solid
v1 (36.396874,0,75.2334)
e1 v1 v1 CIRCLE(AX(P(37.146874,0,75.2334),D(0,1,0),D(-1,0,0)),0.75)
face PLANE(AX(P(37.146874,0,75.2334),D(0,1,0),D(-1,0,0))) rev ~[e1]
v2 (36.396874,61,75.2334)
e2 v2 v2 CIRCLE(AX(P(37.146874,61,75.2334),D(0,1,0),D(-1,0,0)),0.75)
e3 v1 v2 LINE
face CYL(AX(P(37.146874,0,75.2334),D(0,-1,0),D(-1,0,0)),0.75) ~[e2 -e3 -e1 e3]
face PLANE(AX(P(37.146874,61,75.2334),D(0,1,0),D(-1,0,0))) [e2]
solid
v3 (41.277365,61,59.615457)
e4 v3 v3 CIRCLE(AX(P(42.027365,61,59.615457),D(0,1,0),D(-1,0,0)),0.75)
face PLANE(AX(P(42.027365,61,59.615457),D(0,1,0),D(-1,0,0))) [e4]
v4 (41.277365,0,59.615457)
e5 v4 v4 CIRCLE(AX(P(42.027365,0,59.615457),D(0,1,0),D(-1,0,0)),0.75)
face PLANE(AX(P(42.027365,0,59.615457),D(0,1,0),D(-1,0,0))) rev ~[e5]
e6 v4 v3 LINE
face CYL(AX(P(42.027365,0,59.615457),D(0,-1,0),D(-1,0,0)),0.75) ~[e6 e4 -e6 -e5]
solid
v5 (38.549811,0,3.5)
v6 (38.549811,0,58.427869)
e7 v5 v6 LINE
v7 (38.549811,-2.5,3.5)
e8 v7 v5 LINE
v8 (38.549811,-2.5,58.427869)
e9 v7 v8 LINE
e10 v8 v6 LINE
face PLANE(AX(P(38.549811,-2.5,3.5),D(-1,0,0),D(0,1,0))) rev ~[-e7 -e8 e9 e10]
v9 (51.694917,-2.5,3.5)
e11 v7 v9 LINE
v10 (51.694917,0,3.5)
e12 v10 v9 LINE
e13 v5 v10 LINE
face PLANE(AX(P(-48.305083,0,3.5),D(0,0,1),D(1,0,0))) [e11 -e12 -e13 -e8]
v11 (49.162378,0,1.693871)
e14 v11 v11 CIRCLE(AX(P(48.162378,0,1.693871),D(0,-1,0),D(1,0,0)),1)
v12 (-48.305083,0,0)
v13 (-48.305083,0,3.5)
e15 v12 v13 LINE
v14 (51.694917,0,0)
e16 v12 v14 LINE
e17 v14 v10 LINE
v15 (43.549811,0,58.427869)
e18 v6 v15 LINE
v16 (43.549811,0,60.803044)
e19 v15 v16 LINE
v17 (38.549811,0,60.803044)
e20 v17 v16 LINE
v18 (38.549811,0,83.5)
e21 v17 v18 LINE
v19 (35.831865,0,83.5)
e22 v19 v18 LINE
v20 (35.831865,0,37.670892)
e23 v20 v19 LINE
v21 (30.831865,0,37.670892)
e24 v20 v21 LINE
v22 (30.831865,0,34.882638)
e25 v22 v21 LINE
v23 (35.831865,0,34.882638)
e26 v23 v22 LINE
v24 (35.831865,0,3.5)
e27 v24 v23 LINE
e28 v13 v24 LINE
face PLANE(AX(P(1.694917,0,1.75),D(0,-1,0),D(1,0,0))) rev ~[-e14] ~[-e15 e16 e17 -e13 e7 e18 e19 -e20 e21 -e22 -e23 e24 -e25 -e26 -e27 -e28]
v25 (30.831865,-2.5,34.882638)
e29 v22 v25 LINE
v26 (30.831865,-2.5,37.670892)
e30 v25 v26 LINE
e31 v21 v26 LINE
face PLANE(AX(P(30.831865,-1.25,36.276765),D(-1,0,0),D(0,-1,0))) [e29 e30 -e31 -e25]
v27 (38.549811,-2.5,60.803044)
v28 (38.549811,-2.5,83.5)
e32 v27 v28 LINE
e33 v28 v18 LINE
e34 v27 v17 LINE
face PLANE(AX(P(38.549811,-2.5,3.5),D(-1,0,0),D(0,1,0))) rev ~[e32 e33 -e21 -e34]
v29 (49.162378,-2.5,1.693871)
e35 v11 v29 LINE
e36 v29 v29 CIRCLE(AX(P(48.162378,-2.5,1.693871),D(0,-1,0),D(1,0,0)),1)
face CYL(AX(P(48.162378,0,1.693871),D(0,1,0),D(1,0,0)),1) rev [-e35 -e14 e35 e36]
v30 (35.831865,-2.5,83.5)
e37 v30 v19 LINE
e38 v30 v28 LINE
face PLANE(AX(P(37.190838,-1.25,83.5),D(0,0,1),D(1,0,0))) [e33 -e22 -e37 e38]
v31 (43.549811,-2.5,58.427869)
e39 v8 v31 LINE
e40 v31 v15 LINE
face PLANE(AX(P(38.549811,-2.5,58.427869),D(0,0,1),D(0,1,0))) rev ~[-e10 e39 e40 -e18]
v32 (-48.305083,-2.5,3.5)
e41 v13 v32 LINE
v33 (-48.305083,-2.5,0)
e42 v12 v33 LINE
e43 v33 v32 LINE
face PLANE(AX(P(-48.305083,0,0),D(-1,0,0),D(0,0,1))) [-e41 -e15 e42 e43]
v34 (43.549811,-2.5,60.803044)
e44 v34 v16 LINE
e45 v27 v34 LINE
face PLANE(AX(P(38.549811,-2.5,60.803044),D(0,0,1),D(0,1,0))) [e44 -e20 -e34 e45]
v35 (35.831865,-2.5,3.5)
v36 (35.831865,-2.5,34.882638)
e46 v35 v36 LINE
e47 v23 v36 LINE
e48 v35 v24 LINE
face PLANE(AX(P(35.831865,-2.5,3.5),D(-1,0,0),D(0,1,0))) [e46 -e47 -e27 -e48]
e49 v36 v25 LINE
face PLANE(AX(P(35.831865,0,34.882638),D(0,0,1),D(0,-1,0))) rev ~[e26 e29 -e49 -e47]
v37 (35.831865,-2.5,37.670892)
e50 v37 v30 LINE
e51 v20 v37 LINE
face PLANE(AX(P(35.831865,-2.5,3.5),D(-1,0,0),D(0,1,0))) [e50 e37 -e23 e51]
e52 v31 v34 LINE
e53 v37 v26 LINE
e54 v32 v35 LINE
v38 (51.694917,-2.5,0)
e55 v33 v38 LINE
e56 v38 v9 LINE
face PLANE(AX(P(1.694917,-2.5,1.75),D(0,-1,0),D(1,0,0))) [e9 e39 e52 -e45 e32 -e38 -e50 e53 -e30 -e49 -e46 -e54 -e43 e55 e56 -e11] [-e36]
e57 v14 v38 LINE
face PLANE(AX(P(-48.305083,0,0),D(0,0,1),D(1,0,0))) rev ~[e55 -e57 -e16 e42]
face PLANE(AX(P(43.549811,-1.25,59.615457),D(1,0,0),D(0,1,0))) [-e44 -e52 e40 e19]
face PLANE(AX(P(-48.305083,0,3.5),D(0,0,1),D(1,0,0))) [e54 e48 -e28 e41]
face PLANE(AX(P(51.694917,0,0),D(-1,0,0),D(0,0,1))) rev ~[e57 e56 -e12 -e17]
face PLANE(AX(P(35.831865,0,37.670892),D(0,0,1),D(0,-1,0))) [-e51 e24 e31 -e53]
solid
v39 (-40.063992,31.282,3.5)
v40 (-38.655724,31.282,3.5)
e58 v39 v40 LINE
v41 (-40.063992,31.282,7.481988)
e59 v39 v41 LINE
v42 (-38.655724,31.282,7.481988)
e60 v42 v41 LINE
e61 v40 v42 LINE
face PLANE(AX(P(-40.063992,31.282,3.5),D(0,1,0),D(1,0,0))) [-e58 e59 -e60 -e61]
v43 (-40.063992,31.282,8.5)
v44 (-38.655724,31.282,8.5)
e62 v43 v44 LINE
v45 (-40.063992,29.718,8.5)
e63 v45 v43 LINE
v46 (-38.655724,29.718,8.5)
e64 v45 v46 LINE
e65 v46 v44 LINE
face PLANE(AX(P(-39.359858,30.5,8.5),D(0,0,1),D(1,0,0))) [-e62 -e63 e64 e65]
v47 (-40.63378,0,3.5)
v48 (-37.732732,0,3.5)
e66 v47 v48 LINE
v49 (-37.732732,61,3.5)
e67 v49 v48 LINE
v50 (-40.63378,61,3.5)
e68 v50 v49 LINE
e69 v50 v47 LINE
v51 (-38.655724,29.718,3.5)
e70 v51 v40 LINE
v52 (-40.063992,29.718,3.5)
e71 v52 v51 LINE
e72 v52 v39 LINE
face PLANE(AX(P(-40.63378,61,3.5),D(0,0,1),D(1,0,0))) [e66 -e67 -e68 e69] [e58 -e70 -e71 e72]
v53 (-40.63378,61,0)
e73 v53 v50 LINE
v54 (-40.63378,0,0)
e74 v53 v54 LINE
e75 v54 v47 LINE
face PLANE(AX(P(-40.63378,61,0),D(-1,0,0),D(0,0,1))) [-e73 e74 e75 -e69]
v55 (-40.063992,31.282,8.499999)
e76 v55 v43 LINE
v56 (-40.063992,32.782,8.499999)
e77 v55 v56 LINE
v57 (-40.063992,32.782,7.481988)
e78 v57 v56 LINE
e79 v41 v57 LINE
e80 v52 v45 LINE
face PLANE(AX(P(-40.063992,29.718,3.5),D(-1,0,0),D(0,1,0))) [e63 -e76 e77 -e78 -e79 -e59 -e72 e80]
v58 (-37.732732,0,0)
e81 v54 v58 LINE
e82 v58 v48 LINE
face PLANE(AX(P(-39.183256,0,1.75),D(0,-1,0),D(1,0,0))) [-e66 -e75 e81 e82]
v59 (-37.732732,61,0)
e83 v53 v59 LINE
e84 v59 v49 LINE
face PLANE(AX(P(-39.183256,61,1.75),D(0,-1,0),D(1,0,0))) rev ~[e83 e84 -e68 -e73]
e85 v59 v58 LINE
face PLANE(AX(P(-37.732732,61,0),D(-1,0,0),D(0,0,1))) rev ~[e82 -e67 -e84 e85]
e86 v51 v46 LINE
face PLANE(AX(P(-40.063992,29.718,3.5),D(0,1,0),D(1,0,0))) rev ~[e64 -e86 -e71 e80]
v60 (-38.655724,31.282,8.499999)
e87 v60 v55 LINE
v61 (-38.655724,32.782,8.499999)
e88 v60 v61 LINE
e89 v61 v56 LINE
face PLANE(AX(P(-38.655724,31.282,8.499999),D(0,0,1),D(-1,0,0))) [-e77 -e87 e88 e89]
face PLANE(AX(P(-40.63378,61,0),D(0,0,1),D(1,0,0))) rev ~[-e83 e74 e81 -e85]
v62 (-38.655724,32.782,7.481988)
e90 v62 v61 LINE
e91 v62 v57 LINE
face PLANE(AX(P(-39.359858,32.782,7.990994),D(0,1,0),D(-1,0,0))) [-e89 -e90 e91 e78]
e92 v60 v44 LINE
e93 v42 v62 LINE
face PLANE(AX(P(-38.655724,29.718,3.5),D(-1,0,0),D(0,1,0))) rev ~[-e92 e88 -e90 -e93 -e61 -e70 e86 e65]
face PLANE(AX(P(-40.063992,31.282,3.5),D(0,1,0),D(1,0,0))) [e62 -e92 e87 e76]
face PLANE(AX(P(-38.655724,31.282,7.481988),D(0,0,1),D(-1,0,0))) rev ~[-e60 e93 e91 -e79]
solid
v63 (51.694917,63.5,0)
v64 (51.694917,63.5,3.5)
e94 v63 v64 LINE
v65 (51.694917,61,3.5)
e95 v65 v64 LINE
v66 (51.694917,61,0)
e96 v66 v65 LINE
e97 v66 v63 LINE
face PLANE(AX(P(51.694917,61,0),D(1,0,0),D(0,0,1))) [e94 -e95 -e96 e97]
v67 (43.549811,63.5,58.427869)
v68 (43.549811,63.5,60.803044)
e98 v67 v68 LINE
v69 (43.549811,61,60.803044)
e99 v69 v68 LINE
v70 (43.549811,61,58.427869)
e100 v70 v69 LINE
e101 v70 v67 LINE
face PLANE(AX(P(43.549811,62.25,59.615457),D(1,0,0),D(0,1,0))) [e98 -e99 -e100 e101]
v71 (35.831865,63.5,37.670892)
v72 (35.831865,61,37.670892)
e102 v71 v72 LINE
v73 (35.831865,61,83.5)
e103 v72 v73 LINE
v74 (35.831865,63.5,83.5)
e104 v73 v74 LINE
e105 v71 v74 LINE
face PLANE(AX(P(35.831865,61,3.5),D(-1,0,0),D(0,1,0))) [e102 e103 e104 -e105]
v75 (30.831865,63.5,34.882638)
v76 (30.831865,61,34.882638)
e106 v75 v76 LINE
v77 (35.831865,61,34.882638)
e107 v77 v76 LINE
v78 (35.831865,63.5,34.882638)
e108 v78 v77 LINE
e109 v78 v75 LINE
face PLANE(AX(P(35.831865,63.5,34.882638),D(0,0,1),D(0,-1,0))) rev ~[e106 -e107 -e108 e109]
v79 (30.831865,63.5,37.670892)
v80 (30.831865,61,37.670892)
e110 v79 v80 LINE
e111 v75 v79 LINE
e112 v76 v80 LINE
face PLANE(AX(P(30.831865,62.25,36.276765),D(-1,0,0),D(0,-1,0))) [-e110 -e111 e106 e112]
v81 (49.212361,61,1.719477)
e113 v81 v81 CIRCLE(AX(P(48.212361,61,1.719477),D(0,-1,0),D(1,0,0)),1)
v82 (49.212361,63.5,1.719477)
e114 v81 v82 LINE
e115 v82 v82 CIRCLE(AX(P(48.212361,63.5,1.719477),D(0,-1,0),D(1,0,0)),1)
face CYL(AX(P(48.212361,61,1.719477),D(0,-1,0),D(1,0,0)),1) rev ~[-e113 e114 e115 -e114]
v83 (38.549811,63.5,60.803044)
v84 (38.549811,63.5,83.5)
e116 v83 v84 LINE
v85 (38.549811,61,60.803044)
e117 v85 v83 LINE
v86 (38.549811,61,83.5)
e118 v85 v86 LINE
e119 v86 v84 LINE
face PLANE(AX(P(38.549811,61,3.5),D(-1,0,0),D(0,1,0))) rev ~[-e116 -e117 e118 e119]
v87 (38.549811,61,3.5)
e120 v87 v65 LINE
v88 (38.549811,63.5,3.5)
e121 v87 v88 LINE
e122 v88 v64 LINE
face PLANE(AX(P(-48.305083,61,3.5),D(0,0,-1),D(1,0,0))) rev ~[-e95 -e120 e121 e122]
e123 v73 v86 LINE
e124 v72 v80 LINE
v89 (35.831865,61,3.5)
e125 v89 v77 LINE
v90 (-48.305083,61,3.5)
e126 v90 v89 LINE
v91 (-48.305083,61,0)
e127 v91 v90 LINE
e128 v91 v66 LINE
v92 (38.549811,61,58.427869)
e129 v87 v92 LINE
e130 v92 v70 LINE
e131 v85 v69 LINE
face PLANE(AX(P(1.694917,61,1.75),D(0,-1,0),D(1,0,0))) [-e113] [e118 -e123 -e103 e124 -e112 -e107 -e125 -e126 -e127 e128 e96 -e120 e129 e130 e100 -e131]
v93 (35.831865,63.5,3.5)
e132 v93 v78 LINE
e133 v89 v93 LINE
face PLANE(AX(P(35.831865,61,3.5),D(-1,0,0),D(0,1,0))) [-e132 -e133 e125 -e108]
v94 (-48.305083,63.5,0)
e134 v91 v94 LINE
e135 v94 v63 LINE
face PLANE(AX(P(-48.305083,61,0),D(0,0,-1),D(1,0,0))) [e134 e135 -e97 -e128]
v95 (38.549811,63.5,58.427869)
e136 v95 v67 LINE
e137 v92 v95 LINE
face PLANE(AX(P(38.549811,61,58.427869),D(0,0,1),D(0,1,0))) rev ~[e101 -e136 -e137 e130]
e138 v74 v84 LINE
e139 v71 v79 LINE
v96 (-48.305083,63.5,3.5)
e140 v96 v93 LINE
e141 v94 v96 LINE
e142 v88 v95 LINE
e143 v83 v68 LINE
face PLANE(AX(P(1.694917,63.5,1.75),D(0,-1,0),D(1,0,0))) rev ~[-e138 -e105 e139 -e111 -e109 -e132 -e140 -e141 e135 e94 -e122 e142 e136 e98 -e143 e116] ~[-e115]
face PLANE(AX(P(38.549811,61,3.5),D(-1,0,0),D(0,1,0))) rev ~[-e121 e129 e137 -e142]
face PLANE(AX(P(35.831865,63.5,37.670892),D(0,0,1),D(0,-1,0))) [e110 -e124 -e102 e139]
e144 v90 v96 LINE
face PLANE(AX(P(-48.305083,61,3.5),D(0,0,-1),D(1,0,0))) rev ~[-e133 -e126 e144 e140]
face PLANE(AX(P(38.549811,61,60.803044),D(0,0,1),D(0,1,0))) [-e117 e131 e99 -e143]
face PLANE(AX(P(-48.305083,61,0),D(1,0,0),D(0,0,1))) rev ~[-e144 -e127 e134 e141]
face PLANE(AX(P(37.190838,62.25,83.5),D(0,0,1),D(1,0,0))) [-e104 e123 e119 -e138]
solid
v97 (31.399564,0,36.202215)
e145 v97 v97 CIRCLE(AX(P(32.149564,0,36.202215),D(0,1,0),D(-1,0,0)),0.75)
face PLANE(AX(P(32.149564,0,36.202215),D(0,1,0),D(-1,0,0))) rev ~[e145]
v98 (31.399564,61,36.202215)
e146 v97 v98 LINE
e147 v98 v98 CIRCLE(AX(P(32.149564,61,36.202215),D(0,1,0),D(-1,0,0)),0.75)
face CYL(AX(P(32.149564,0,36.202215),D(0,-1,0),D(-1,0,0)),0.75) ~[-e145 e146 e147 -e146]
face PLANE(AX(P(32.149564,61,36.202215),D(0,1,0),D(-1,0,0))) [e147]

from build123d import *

# Parameters (mm, degrees)
F0_W      = 100
F0_H      = 3.5
F0_R      = 1
F1_DEPTH  = 2.5
F4_W      = 100
F4_H      = 3.5
F4_R      = 1
F5_DEPTH  = 2.5
F6_W      = 2.901047
F6_H      = 3.5
F7_DEPTH  = 61
F8_W      = 2.717946
F8_H      = 2.5
F9_DEPTH  = 80
F10_DEPTH = 80
F11_W     = 2.5
F11_H     = 2.375175
F12_DEPTH = 5
F13_W     = 2.5
F13_H     = 2.375175
F14_DEPTH = 5
F15_R     = 0.75
F16_DEPTH = 61
F17_W     = 2.5
F17_H     = 2.788253
F18_DEPTH = 5
F19_R     = 0.75
F20_DEPTH = 61
F21_W     = 2.5
F21_H     = 2.788253
F22_DEPTH = 5
F23_R     = 0.75
F24_DEPTH = 61
F25_W     = 1.408268
F25_H     = 1.564
F26_DEPTH = 5
F27_W     = 1.408268
F27_H     = 1.018011
F28_DEPTH = 1.5


with BuildPart() as f1:
    # F0 (on Front) → F1 (new body)
    with BuildSketch(Plane.XZ):
        with Locations((1.694917, 1.75)):
            Rectangle(F0_W, F0_H)
        with Locations((48.162378, 1.693871)):
            Circle(F0_R, mode=Mode.SUBTRACT)
    extrude(amount=F1_DEPTH)

    # F8 (on face) → F9 (join)
    with BuildSketch(Plane.XY.offset(3.5)):
        with Locations((37.190838, -1.25)):
            Rectangle(F8_W, F8_H)
    extrude(amount=F9_DEPTH)

    # F11 (on face) → F12 (join)
    with BuildSketch(Plane.YZ.offset(38.549811)):
        with Locations((-1.25, 59.615457)):
            Rectangle(F11_W, F11_H)
    extrude(amount=F12_DEPTH)

    # F21 (on face) → F22 (join)
    with BuildSketch(Plane(origin=(35.831865, 0, 0), x_dir=(0, -1, 0), z_dir=(-1, 0, 0))):
        with Locations((1.25, 36.276765)):
            Rectangle(F21_W, F21_H)
    extrude(amount=F22_DEPTH)


with BuildPart() as f5:
    # F4 (on plane+point) → F5 (new body)
    with BuildSketch(Plane.XZ.offset(-61)):
        with Locations((1.694917, 1.75)):
            Rectangle(F4_W, F4_H)
        with Locations((48.212361, 1.719477)):
            Circle(F4_R, mode=Mode.SUBTRACT)
    extrude(amount=-F5_DEPTH)

    # F8 (on face) → F10 (join)
    with BuildSketch(Plane.XY.offset(3.5)):
        with Locations((37.190838, 62.25)):
            Rectangle(F8_W, F8_H)
    extrude(amount=F10_DEPTH)

    # F13 (on face) → F14 (join)
    with BuildSketch(Plane.YZ.offset(38.549811)):
        with Locations((62.25, 59.615457)):
            Rectangle(F13_W, F13_H)
    extrude(amount=F14_DEPTH)

    # F17 (on face) → F18 (join)
    with BuildSketch(Plane(origin=(35.831865, 0, 0), x_dir=(0, -1, 0), z_dir=(-1, 0, 0))):
        with Locations((-62.25, 36.276765)):
            Rectangle(F17_W, F17_H)
    extrude(amount=F18_DEPTH)


with BuildPart() as f7:
    # F6 (on face) → F7 (new body, through all)
    with BuildSketch(Plane.XZ.offset(-61)):
        with Locations((-39.183256, 1.75)):
            Rectangle(F6_W, F6_H)
    extrude(amount=F7_DEPTH)

    # F25 (on face) → F26 (join)
    with BuildSketch(Plane.XY.offset(3.5)):
        with Locations((-39.359858, 30.5)):
            Rectangle(F25_W, F25_H)
    extrude(amount=F26_DEPTH)

    # F27 (on face) → F28 (join)
    with BuildSketch(Plane(origin=(0, 31.282, 0), x_dir=(-1, 0, 0), z_dir=(0, 1, 0))):
        with Locations((39.359858, 7.990994)):
            Rectangle(F27_W, F27_H)
    extrude(amount=F28_DEPTH)


with BuildPart() as f16:
    # F15 (on face) → F16 (new body, through all)
    with BuildSketch(Plane(origin=(0, 0, 0), x_dir=(-1, 0, 0), z_dir=(0, 1, 0))):
        with Locations((-42.027365, 59.615457)):
            Circle(F15_R)
    extrude(amount=F16_DEPTH)


with BuildPart() as f20:
    # F19 (on face) → F20 (new body, through all)
    with BuildSketch(Plane(origin=(0, 0, 0), x_dir=(-1, 0, 0), z_dir=(0, 1, 0))):
        with Locations((-37.146874, 75.2334)):
            Circle(F19_R)
    extrude(amount=F20_DEPTH)


with BuildPart() as f24:
    # F23 (on face) → F24 (new body, through all)
    with BuildSketch(Plane(origin=(0, 0, 0), x_dir=(-1, 0, 0), z_dir=(0, 1, 0))):
        with Locations((-32.149564, 36.202215)):
            Circle(F23_R)
    extrude(amount=F24_DEPTH)


solid = Compound([f1.part, f5.part, f7.part, f16.part, f20.part, f24.part])
